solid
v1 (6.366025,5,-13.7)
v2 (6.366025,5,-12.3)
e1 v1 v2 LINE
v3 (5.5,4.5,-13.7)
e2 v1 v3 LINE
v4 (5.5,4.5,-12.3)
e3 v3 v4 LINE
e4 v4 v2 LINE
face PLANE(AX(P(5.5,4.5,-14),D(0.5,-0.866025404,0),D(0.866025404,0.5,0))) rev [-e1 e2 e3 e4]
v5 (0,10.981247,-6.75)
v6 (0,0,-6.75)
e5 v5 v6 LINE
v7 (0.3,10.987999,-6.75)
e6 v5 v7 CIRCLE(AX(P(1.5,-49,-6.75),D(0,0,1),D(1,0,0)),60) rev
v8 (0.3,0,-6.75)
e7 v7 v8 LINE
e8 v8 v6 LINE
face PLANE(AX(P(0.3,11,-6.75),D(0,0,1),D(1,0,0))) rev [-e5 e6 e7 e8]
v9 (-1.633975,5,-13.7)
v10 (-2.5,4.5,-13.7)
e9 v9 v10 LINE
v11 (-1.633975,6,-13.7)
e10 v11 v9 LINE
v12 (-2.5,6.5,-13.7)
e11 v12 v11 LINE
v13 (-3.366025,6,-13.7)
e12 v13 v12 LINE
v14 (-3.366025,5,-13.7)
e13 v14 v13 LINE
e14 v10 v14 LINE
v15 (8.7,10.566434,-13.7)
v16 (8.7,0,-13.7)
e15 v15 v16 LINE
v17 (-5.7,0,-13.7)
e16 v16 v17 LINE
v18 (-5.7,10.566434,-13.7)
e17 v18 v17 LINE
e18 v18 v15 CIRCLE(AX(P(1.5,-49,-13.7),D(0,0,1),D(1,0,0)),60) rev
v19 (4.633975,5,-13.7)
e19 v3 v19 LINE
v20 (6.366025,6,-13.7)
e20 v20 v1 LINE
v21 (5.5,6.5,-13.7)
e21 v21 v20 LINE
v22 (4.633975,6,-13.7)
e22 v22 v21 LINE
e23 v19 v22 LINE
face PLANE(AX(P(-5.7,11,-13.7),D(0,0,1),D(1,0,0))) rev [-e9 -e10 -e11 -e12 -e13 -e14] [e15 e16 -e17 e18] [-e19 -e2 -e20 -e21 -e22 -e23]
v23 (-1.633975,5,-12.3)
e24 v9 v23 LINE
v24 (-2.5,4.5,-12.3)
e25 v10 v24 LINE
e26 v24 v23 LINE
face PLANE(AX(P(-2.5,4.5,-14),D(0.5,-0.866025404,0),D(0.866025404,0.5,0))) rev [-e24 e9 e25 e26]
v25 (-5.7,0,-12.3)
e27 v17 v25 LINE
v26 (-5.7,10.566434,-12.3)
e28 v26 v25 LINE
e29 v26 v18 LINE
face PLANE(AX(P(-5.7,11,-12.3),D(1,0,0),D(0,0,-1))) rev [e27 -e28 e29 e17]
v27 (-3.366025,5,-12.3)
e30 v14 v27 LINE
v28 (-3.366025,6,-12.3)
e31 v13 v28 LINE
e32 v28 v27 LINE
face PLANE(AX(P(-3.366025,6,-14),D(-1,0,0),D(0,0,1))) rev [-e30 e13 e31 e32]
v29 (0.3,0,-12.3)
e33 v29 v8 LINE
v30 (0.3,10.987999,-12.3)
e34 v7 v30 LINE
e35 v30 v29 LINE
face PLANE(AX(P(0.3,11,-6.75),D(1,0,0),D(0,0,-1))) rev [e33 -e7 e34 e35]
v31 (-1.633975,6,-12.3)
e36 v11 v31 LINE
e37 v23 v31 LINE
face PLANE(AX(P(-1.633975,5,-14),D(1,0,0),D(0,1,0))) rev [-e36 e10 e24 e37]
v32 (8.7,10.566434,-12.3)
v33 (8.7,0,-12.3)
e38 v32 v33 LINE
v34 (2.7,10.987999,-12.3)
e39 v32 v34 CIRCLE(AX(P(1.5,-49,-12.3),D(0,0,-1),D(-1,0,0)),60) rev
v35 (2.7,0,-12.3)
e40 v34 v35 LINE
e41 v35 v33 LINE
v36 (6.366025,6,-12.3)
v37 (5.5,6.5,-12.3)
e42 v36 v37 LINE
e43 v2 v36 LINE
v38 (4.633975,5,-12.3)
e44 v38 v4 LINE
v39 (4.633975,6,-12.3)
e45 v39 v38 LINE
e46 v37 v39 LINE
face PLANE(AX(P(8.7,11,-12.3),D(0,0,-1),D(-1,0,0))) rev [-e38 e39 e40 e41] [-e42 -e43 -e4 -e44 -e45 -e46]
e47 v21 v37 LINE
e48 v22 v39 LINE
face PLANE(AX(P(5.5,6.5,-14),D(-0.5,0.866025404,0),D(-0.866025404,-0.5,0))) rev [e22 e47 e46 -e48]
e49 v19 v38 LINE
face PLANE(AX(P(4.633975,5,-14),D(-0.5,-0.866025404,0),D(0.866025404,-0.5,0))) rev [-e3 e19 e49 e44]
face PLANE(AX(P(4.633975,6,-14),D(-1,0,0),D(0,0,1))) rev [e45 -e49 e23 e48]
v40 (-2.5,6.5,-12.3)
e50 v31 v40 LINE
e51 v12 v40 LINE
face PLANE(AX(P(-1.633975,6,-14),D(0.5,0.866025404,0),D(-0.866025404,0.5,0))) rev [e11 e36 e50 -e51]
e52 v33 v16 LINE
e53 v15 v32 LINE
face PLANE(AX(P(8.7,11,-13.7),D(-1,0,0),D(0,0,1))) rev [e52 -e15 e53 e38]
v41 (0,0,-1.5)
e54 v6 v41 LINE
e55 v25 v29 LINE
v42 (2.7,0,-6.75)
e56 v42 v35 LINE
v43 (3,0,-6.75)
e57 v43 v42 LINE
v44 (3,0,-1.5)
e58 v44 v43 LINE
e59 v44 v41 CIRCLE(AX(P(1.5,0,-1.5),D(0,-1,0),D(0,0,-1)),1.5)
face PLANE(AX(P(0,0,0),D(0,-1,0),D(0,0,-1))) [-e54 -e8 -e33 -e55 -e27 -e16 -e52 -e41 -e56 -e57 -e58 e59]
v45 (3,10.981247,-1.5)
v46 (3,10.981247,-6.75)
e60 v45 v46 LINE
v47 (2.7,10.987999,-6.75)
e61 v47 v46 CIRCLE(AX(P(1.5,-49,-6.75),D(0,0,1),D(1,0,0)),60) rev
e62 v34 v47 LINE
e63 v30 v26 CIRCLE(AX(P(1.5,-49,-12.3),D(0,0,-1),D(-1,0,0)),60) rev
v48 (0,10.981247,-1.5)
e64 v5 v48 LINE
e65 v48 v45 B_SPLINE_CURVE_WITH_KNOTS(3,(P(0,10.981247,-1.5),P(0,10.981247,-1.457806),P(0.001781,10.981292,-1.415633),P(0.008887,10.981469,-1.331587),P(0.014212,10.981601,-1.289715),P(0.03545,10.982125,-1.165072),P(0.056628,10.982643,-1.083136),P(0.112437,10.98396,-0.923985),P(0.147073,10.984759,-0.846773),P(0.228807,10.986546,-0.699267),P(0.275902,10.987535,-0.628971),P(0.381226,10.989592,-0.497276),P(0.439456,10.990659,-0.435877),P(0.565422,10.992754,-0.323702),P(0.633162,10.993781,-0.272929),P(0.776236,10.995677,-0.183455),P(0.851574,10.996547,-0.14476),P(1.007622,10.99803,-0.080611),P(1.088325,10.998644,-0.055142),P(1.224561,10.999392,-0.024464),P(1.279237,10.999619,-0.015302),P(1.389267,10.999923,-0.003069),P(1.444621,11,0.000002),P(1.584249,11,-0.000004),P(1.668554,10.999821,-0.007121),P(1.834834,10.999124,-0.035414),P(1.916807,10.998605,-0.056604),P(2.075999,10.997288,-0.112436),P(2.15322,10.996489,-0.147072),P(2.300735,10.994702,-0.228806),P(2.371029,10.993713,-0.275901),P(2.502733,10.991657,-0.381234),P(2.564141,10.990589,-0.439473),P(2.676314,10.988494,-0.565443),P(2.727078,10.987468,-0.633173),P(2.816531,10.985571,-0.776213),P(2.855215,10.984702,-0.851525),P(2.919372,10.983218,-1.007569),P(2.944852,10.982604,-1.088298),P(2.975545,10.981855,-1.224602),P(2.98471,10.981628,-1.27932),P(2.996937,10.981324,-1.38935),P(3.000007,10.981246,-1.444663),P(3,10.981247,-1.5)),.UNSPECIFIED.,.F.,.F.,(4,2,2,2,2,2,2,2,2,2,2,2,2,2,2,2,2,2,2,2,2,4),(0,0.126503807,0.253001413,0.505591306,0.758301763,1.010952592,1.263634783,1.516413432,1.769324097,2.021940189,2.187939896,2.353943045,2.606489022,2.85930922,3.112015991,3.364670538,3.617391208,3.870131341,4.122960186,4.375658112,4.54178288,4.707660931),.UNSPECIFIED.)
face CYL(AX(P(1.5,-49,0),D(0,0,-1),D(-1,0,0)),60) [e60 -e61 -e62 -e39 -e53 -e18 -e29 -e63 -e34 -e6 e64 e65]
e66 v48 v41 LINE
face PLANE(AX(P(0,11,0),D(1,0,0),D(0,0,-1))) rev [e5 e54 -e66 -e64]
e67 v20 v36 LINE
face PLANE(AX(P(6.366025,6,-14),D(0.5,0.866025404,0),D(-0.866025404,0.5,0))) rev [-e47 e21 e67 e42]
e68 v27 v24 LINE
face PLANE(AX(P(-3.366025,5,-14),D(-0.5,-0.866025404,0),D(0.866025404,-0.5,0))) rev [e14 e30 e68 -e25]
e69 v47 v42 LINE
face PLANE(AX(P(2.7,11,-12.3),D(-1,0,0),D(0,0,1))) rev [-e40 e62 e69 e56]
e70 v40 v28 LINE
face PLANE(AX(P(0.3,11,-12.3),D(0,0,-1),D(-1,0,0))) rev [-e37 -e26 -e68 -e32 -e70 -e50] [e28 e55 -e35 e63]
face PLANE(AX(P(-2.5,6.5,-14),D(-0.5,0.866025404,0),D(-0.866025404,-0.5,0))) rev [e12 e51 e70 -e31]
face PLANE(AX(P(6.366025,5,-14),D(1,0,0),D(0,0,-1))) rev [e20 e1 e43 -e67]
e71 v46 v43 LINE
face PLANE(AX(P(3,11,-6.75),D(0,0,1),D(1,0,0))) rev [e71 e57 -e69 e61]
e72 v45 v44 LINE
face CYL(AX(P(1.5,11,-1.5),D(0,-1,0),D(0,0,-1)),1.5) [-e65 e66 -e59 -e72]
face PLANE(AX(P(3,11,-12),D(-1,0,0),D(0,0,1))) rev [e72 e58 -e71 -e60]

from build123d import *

# Parameters (mm, degrees)
BOSS_EXTRUDE1_DEPTH = 11
CUT_EXTRUDE1_DEPTH  = 20.949937343
CUT_EXTRUDE2_DEPTH  = 19.601075238
CUT_EXTRUDE3_DEPTH  = 20.949937343
CUT_EXTRUDE4_DEPTH  = 20.949937514


with BuildPart() as part:
    # Sketch1 → Boss-Extrude1 (new body)
    with BuildSketch(Plane(origin=(0, 0, 0), x_dir=(1, 0, 0), z_dir=(0, 1, 0))):
        Polygon((0, 0), (0, 12), (-6, 12), (-6, 14), (9, 14), (9, 12), (3, 12), (3, 0), align=None)
    extrude(amount=BOSS_EXTRUDE1_DEPTH)

    # Sketch3 → Cut-Extrude1 (cut, through all)
    with BuildSketch(Plane(origin=(0, 0, -14), x_dir=(-1, 0, 0), z_dir=(0, 0, -1))):
        with BuildLine():
            Line((-9, 11), (-9, 10.529404499))
            ThreePointArc((-9, 10.529404499), (-5.257374753, 10.882235554), (-1.5, 11))
            Line((-1.5, 11), (-9, 11))
        make_face()
        with BuildLine():
            Line((6, 11), (-1.5, 11))
            ThreePointArc((-1.5, 11), (2.257374753, 10.882235554), (6, 10.529404499))
            Line((6, 10.529404499), (6, 11))
        make_face()
    extrude(amount=-CUT_EXTRUDE1_DEPTH, mode=Mode.SUBTRACT)

    # Sketch4 → Cut-Extrude2 (cut, through all)
    with BuildSketch(Plane.XY.offset(-12)):
        Polygon((-2.5, 6.5), (-3.366025404, 6), (-3.366025404, 5), (-2.5, 4.5), (-1.633974596, 5), (-1.633974596, 6), align=None)
        Polygon((5.5, 6.5), (4.633974596, 6), (4.633974596, 5), (5.5, 4.5), (6.366025404, 5), (6.366025404, 6), align=None)
    extrude(amount=-CUT_EXTRUDE2_DEPTH, mode=Mode.SUBTRACT)

    # Sketch7 → Cut-Extrude3 (cut, through all)
    with BuildSketch(Plane.XZ):
        with BuildLine():
            ThreePointArc((0, -1.5), (0.439339828, -0.439339828), (1.5, 0))
            Line((1.5, 0), (0, 0))
            Line((0, 0), (0, -1.5))
        make_face()
        with BuildLine():
            Line((3, -1.5), (3, 0))
            Line((3, 0), (1.5, 0))
            ThreePointArc((1.5, 0), (2.560660172, -0.439339828), (3, -1.5))
        make_face()
    extrude(amount=-CUT_EXTRUDE3_DEPTH, mode=Mode.SUBTRACT)

    # Sketch8 → Cut-Extrude4 (cut, through all)
    with BuildSketch(Plane.XZ):
        Polygon((0.3, -6.75), (0, -6.75), (0, -12), (-6, -12), (-6, -14), (9, -14), (9, -12), (3, -12), (3, -6.75), (2.7, -6.75), (2.7, -12.3), (8.7, -12.3), (8.7, -13.7), (-5.7, -13.7), (-5.7, -12.3), (0.3, -12.3), align=None)
    extrude(amount=-CUT_EXTRUDE4_DEPTH, mode=Mode.SUBTRACT)


solid = part.part
